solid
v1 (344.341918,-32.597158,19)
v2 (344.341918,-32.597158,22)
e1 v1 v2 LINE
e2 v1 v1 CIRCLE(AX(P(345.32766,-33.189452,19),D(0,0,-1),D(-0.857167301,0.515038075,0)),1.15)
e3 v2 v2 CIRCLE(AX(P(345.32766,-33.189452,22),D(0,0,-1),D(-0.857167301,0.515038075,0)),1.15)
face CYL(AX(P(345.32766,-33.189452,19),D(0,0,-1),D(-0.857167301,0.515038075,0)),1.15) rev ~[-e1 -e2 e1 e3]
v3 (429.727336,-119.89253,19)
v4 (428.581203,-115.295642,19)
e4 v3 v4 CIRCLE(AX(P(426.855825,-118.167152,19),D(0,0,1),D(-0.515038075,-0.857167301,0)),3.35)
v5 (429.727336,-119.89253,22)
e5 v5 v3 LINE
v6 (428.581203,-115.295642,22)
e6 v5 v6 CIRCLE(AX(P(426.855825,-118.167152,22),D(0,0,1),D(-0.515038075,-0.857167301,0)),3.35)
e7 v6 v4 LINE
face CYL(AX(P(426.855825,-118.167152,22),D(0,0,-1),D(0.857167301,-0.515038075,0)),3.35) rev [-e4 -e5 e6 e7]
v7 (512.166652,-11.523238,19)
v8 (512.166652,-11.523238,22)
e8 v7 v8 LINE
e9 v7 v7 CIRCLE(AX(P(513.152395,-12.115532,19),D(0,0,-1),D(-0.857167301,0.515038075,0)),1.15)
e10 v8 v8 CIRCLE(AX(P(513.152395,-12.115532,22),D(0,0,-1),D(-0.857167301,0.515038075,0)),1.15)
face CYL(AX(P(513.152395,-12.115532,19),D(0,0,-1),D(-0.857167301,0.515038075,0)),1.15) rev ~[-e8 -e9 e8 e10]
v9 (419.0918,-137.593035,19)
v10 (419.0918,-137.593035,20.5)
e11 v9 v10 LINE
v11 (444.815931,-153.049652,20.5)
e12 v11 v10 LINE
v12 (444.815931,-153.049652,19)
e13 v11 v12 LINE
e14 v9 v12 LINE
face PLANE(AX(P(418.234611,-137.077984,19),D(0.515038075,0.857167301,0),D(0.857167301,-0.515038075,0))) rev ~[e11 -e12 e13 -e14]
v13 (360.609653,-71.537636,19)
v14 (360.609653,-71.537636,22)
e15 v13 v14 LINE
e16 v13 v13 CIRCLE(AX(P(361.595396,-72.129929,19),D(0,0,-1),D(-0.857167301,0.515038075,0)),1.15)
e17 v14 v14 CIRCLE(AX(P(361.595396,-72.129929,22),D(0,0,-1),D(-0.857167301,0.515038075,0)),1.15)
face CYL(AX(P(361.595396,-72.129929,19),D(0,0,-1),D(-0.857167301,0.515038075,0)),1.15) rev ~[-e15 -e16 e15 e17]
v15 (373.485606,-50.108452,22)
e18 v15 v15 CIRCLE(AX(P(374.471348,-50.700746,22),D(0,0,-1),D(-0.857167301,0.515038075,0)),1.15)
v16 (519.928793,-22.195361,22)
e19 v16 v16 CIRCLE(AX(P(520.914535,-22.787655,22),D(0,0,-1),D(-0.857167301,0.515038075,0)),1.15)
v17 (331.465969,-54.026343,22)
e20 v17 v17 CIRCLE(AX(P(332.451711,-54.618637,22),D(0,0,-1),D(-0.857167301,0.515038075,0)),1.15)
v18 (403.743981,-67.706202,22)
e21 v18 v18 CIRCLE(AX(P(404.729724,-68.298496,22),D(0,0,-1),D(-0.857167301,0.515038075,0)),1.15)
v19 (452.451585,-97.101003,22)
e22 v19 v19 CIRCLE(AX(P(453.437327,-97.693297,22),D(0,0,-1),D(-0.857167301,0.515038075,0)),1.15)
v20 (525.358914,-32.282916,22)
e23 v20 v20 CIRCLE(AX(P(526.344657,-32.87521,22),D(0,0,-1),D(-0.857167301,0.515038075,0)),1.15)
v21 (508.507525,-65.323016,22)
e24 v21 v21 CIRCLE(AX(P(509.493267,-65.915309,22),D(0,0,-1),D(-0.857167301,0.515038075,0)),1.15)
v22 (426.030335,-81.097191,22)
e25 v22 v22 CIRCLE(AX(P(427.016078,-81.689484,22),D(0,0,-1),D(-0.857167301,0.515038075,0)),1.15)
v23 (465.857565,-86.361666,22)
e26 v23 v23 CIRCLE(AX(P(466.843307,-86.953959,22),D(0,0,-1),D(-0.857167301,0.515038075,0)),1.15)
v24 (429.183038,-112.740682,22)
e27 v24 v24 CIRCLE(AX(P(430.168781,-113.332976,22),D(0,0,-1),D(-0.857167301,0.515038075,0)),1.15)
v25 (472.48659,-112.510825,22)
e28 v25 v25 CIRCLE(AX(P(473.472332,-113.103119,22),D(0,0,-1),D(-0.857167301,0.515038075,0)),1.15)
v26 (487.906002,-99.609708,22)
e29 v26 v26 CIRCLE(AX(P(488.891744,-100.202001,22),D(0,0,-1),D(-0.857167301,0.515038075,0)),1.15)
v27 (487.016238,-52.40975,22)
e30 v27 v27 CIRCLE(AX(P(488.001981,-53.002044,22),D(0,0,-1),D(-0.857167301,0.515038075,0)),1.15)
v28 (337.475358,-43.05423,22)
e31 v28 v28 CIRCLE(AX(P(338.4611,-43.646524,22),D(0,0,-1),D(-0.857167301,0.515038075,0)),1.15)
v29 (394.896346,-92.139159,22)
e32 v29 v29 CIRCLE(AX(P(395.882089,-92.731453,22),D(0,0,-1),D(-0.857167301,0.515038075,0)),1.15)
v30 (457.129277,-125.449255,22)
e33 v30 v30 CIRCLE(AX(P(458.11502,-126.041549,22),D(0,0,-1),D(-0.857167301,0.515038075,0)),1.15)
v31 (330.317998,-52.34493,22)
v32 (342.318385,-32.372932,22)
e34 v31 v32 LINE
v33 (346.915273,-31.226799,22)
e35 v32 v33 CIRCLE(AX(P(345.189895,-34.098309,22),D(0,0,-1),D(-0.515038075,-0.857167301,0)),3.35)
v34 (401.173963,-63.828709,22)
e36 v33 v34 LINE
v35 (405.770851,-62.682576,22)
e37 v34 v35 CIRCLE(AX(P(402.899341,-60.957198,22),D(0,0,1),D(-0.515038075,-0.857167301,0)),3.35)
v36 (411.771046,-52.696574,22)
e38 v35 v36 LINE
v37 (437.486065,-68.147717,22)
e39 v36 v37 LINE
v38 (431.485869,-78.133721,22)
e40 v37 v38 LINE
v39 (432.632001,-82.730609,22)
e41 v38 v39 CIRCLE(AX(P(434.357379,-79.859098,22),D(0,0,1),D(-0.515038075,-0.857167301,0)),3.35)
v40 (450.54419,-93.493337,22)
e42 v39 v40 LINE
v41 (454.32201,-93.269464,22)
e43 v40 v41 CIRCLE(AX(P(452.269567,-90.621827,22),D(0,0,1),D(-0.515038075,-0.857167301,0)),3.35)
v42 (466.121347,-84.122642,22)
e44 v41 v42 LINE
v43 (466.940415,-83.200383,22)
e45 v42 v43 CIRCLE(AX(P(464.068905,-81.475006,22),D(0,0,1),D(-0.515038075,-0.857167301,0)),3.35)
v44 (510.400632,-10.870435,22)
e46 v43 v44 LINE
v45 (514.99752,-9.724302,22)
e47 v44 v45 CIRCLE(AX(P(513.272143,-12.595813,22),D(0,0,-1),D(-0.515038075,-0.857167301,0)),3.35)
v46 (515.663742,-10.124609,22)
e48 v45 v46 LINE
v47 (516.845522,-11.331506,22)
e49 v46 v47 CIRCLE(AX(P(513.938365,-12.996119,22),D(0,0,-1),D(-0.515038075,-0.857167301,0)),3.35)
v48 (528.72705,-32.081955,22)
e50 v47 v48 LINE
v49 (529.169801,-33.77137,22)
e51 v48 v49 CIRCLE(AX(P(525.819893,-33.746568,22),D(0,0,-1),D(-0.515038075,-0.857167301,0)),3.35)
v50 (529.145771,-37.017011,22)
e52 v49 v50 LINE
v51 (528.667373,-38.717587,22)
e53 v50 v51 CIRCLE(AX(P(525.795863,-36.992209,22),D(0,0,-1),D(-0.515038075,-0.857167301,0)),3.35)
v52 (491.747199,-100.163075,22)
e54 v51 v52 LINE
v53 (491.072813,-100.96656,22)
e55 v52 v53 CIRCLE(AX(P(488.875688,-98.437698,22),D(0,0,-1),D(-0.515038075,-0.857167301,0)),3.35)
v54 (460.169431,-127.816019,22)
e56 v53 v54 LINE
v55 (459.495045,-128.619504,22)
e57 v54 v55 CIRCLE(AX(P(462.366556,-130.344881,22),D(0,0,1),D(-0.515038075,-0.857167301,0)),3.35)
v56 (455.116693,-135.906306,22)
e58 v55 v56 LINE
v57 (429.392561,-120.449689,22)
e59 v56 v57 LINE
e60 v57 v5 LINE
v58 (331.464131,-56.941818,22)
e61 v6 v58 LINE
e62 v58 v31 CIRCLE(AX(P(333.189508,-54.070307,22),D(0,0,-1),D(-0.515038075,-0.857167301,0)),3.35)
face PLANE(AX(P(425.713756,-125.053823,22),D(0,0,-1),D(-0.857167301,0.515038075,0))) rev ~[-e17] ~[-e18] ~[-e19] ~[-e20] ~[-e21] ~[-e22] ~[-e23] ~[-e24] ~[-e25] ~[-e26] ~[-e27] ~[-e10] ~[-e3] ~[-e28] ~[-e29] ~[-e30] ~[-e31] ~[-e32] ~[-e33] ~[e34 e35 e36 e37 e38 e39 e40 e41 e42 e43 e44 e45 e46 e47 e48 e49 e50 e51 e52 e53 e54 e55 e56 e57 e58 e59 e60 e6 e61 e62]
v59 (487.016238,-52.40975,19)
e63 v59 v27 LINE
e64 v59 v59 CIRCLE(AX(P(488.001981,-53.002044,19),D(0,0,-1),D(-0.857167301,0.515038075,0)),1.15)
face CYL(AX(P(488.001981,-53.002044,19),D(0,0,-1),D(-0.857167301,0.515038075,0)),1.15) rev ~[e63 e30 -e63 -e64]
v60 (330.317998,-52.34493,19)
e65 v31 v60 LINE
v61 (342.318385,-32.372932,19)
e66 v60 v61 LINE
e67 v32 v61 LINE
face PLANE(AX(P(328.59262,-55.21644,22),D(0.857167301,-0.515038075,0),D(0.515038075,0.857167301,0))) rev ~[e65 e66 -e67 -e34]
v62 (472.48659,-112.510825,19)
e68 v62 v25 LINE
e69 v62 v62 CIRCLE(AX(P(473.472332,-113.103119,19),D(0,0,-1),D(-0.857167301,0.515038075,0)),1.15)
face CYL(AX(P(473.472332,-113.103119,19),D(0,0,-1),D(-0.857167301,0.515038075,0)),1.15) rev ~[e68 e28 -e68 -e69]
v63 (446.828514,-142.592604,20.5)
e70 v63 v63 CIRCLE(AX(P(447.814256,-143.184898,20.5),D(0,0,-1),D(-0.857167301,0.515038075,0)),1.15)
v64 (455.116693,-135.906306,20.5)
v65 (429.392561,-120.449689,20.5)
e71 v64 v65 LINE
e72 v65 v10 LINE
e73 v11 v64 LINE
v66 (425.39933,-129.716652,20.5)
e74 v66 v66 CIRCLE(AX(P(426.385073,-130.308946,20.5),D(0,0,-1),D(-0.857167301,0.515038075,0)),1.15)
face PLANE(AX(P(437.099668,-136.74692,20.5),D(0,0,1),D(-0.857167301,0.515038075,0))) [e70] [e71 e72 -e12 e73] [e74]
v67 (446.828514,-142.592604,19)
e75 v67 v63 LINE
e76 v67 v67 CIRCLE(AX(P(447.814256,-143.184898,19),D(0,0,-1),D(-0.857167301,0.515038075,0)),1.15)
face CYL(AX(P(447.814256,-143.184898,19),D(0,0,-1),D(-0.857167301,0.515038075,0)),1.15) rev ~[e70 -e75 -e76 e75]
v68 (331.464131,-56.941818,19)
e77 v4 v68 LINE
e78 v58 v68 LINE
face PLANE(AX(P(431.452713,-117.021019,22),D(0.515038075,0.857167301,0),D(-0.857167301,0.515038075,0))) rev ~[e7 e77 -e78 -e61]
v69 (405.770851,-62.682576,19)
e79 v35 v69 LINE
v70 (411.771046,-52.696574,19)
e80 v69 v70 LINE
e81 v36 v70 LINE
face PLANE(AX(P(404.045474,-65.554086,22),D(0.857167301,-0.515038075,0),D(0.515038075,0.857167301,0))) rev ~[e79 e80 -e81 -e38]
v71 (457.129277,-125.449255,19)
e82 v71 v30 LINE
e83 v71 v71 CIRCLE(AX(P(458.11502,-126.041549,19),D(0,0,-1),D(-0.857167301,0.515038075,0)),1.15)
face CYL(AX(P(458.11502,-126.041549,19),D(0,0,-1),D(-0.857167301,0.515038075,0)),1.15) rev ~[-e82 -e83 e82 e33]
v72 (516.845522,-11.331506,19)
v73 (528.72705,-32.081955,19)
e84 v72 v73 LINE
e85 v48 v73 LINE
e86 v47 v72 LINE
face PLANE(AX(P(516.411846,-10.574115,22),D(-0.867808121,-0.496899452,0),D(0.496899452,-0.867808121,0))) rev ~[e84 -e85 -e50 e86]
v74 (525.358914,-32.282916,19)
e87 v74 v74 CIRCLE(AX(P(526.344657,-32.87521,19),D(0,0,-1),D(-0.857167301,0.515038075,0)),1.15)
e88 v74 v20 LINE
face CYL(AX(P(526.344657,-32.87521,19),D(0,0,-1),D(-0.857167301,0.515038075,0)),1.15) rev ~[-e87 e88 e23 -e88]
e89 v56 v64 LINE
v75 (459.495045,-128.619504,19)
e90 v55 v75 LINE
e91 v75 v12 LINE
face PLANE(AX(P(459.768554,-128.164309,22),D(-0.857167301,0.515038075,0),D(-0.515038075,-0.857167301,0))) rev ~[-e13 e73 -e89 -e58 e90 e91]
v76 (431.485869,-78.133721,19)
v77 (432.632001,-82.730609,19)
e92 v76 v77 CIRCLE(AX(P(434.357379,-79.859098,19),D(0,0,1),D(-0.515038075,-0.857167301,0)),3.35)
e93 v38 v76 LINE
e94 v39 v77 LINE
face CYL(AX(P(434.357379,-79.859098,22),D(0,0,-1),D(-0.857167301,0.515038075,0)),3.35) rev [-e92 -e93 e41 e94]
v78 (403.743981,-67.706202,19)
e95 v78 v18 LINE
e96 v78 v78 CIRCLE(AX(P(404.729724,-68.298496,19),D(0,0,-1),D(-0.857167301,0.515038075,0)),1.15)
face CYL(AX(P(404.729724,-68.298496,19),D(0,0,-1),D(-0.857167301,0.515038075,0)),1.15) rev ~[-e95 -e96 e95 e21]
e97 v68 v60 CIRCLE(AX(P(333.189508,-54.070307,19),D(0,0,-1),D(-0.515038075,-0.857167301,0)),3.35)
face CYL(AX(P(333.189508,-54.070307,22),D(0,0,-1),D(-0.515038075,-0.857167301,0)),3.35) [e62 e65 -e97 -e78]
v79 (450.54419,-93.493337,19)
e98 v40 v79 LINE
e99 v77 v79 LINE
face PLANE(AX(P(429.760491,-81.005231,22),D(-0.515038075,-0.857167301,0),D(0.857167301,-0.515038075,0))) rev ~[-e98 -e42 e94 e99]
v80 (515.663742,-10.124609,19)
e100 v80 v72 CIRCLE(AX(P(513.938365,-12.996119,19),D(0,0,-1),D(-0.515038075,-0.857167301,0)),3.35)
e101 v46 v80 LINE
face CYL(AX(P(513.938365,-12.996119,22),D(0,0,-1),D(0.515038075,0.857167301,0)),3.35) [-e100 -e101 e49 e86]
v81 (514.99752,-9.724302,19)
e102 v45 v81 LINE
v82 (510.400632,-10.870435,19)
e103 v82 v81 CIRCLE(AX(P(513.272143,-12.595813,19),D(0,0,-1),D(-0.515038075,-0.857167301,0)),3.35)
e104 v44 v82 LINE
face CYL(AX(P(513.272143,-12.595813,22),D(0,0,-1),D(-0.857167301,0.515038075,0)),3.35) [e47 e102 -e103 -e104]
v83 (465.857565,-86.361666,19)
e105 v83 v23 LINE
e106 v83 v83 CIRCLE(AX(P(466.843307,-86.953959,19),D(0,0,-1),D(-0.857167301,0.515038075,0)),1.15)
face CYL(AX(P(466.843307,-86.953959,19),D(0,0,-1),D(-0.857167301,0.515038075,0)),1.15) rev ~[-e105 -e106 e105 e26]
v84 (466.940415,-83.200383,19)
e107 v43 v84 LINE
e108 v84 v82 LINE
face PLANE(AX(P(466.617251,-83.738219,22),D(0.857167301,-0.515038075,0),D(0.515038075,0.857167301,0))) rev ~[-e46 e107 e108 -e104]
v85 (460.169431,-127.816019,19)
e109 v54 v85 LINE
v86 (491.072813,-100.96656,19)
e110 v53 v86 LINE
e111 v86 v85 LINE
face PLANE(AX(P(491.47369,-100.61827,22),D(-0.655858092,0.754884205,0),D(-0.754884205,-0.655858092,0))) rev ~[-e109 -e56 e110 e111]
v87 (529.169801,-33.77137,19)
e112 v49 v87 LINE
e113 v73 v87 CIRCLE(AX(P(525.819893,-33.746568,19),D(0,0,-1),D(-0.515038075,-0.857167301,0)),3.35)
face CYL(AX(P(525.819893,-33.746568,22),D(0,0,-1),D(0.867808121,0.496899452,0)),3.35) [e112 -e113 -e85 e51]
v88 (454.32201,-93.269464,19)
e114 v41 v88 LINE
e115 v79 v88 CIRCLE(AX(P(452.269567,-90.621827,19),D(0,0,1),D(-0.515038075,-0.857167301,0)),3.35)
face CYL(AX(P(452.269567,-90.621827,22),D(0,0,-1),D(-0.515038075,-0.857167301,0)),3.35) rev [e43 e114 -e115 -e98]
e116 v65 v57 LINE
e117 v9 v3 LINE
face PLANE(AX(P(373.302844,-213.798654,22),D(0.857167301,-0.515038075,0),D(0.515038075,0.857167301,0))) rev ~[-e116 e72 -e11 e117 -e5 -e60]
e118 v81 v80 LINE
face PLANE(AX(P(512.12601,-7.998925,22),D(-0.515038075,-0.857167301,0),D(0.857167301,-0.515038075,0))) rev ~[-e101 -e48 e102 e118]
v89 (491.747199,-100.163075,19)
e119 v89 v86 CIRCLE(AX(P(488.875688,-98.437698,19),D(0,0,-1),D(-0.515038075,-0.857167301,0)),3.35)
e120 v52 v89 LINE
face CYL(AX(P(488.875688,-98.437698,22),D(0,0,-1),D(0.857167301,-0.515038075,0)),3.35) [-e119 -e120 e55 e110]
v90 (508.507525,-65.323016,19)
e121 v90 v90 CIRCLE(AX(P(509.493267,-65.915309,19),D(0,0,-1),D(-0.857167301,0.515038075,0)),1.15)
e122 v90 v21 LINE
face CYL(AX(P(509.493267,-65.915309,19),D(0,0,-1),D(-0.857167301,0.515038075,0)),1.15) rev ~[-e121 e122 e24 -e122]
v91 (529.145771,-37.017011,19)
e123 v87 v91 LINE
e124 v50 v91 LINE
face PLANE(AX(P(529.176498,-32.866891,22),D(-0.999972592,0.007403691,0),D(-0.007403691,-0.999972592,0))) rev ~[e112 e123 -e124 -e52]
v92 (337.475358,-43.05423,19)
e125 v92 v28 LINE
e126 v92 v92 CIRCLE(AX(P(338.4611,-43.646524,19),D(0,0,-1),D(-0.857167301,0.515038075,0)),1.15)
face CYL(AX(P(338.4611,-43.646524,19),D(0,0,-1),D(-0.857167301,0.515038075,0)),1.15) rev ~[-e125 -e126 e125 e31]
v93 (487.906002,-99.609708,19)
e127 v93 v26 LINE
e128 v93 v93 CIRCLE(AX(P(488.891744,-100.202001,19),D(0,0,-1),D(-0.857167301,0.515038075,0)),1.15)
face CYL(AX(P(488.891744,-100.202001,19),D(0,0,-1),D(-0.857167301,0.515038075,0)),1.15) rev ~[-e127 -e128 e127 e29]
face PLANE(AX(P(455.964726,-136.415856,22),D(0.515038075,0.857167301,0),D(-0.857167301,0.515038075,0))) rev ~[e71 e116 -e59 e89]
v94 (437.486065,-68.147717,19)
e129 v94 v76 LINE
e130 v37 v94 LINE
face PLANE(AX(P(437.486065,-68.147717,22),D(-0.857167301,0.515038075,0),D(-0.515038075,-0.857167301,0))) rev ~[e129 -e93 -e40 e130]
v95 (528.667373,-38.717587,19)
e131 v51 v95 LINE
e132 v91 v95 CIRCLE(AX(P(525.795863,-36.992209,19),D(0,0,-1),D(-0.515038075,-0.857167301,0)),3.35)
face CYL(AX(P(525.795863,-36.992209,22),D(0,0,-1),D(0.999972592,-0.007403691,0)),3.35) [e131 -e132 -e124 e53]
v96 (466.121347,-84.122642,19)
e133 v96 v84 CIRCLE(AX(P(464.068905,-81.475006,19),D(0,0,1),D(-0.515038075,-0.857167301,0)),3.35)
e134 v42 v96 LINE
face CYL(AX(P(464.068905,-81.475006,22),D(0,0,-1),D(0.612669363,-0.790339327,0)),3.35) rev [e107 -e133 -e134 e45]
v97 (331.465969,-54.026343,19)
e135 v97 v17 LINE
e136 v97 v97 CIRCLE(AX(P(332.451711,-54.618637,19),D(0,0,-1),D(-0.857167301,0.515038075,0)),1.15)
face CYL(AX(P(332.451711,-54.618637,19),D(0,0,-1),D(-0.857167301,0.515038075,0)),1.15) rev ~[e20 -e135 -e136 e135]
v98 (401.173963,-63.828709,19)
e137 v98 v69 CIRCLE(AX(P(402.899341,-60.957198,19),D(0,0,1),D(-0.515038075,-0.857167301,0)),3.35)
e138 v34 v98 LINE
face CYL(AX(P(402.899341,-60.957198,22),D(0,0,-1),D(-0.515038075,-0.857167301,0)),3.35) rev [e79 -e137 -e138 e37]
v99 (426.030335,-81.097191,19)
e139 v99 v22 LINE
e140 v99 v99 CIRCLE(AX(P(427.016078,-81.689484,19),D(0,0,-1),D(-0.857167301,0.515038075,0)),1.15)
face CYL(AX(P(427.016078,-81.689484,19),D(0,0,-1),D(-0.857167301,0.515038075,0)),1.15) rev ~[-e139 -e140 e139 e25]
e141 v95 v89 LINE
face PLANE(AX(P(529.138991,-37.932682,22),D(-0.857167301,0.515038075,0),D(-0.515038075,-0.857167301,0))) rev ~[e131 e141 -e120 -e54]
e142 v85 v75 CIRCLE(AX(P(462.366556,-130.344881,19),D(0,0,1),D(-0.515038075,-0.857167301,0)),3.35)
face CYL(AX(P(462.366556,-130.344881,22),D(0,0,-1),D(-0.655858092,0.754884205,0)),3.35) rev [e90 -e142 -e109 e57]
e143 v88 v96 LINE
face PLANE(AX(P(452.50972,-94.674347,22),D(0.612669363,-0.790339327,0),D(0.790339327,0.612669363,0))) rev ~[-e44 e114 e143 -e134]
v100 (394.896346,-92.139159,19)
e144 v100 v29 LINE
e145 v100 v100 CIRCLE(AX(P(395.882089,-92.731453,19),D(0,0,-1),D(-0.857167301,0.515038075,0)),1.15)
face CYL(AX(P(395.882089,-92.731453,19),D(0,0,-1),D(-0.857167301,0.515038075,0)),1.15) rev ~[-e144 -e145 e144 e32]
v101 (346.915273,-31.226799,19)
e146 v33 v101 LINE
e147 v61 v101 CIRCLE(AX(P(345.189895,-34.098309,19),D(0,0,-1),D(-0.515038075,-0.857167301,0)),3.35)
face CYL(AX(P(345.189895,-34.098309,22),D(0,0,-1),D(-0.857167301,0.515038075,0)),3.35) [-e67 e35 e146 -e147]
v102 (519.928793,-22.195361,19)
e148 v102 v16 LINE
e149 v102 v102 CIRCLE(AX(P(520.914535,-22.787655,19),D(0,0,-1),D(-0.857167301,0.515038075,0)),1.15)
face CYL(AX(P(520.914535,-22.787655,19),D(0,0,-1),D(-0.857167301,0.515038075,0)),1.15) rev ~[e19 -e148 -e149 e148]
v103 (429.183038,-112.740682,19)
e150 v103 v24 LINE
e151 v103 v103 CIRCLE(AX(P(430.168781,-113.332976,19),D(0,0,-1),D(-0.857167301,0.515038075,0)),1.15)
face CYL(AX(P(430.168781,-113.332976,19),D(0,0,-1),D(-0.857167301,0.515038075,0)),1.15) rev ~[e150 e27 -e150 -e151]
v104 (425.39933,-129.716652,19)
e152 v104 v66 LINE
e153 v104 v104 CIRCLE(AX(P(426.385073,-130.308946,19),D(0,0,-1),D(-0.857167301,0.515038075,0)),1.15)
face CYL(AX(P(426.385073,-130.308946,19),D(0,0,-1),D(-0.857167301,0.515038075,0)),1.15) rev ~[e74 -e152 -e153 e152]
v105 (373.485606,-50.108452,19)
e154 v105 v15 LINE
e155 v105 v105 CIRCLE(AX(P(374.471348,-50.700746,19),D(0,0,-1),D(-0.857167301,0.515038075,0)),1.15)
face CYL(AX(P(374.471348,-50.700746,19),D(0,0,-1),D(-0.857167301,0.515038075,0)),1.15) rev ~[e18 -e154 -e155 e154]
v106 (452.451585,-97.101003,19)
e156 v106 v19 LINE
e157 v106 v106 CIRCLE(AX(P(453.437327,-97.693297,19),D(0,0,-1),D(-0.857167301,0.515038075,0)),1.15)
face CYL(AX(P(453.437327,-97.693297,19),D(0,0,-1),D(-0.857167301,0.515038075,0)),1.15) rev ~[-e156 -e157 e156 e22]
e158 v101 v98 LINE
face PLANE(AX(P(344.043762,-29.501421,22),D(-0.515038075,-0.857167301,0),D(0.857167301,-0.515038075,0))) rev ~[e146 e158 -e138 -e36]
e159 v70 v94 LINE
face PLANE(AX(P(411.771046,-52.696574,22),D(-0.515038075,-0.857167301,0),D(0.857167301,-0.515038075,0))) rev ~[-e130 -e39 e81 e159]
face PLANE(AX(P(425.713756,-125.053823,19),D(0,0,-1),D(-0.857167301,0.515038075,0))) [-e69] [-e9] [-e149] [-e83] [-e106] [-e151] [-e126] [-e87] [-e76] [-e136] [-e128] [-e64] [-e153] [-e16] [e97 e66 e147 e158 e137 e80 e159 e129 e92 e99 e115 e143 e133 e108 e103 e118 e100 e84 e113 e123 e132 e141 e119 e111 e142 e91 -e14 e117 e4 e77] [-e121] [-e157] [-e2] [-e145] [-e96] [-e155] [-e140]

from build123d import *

# Parameters (mm, degrees)
PAD012_DEPTH            = 3
FILLET037_R             = 3.35
SKETCH185_R             = 1.15
POCKET053_DEPTH         = 3
POCKET056_DEPTH         = 5
SKETCH189_W             = 32
SKETCH189_H             = 20
POCKET057_DEPTH         = 1.5
BODY024_PLACEMENT_ANGLE = 149


with BuildPart() as part:
    # Sketch184 → Pad012 (new body)
    with BuildSketch(Plane(origin=(0, 0, 0), x_dir=(1, 0, 0), z_dir=(0, 0, -1))):
        Polygon((101.467362, -402.500006), (130.400002, -402.500006), (135.400002, -402.500006), (135.400002, -397.500006), (174.999975, -357.90402), (174.999975, -245), (289.999995, -245), (294.999995, -245), (294.999995, -215), (289.999995, -215), (224.999995, -215), (224.999995, -199.999997), (219.999995, -199.999997), (199.999995, -199.999997), (194.999995, -199.999997), (194.999995, -215.000003), (168.459985, -215.000003), (161.999993, -198.359996), (161.999993, -115.000006), (161.999993, -110.000006), (156.999993, -110.000006), (134.576923, -122.534363), (131.999997, -126.895911), (131.999997, -200.027011), (144.989344, -239.967928), (144.989344, -343.839368), (96.467362, -392.500006), (96.467362, -397.500006), (96.467362, -402.500006), align=None)
    extrude(amount=PAD012_DEPTH)

    # Fillet037
    fillet037_edges = [part.edges().sort_by_distance(p)[0] for p in [
        (194.999995, 215.000003, -1.5),
        (168.459985, 215.000003, -1.5),
        (161.999993, 198.359996, -1.5),
        (161.999993, 110.000006, -1.5),
        (156.999993, 110.000006, -1.5),
        (134.576923, 122.534363, -1.5),
        (131.999997, 126.895911, -1.5),
        (131.999997, 200.027011, -1.5),
        (144.989344, 239.967928, -1.5),
        (144.989344, 343.839368, -1.5),
        (96.467362, 392.500006, -1.5),
        (135.400002, 397.500006, -1.5),
        (174.999975, 357.90402, -1.5),
        (174.999975, 245, -1.5),
        (294.999995, 245, -1.5),
        (294.999995, 215, -1.5),
        (224.999995, 215, -1.5),
    ]]
    fillet(fillet037_edges, radius=FILLET037_R)

    # Sketch185 (on Face5 of Fillet037) → Pocket053 (cut)
    with BuildSketch(Plane(origin=(0, 0, -3), x_dir=(1, 0, 0), z_dir=(0, 0, -1))):
        with Locations((105, -389)):
            Circle(SKETCH185_R)
        with Locations((145, -349)):
            Circle(SKETCH185_R)
        with Locations((147.500002, -309.000005)):
            Circle(SKETCH185_R)
        with Locations((147.500002, -259.000004)):
            Circle(SKETCH185_R)
        with Locations((172.500003, -259.000004)):
            Circle(SKETCH185_R)
        with Locations((172.500003, -309.000005)):
            Circle(SKETCH185_R)
        with Locations((172.500003, -349.000005)):
            Circle(SKETCH185_R)
        with Locations((147.665007, -382.765018)):
            Circle(SKETCH185_R)
        with Locations((178.000003, -242.500004)):
            Circle(SKETCH185_R)
        with Locations((218.000003, -242.500004)):
            Circle(SKETCH185_R)
        with Locations((258.000004, -242.500004)):
            Circle(SKETCH185_R)
        with Locations((258.000004, -217.500003)):
            Circle(SKETCH185_R)
        with Locations((292, -242.500004)):
            Circle(SKETCH185_R)
        with Locations((292.000004, -217.500003)):
            Circle(SKETCH185_R)
        with Locations((292.500004, -230.000003)):
            Circle(SKETCH185_R)
        with Locations((223.000003, -217.000003)):
            Circle(SKETCH185_R)
        with Locations((197, -217)):
            Circle(SKETCH185_R)
        with Locations((166.109996, -217.109995)):
            Circle(SKETCH185_R)
        with Locations((147.500002, -239)):
            Circle(SKETCH185_R)
        with Locations((141, -220)):
            Circle(SKETCH185_R)
        with Locations((134.427551, -201)):
            Circle(SKETCH185_R)
        with Locations((160.149996, -200.999996)):
            Circle(SKETCH185_R)
        with Locations((134.427551, -161)):
            Circle(SKETCH185_R)
        with Locations((159.500002, -161.000002)):
            Circle(SKETCH185_R)
        with Locations((137, -124)):
            Circle(SKETCH185_R)
        with Locations((146.849997, -118.149997)):
            Circle(SKETCH185_R)
        with Locations((159, -113)):
            Circle(SKETCH185_R)
    extrude(amount=-POCKET053_DEPTH, mode=Mode.SUBTRACT)

    # Sketch188 (on Face5 of Pocket053) → Pocket056 (cut)
    with BuildSketch(Plane(origin=(0, 0, -3), x_dir=(1, 0, 0), z_dir=(0, 0, -1))):
        Polygon((145, -269), (175, -269), (176, -269), (176, -410), (90, -410), (90, -269), align=None)
    extrude(amount=-POCKET056_DEPTH, mode=Mode.SUBTRACT)

    # Sketch189 (on Face2 of Pocket056) → Pocket057 (cut)
    with BuildSketch(Plane.XY):
        with Locations((160, 259)):
            Rectangle(SKETCH189_W, SKETCH189_H)
    extrude(amount=-POCKET057_DEPTH, mode=Mode.SUBTRACT)


with BuildPart() as part_1:
    # Body024 placement: moved
    add(part.part.moved(Location((707.641298, 2.853319, 22))).rotate(Axis((707.641298, 2.853319, 22), (0, 0, 1)), BODY024_PLACEMENT_ANGLE))


solid = part_1.part
